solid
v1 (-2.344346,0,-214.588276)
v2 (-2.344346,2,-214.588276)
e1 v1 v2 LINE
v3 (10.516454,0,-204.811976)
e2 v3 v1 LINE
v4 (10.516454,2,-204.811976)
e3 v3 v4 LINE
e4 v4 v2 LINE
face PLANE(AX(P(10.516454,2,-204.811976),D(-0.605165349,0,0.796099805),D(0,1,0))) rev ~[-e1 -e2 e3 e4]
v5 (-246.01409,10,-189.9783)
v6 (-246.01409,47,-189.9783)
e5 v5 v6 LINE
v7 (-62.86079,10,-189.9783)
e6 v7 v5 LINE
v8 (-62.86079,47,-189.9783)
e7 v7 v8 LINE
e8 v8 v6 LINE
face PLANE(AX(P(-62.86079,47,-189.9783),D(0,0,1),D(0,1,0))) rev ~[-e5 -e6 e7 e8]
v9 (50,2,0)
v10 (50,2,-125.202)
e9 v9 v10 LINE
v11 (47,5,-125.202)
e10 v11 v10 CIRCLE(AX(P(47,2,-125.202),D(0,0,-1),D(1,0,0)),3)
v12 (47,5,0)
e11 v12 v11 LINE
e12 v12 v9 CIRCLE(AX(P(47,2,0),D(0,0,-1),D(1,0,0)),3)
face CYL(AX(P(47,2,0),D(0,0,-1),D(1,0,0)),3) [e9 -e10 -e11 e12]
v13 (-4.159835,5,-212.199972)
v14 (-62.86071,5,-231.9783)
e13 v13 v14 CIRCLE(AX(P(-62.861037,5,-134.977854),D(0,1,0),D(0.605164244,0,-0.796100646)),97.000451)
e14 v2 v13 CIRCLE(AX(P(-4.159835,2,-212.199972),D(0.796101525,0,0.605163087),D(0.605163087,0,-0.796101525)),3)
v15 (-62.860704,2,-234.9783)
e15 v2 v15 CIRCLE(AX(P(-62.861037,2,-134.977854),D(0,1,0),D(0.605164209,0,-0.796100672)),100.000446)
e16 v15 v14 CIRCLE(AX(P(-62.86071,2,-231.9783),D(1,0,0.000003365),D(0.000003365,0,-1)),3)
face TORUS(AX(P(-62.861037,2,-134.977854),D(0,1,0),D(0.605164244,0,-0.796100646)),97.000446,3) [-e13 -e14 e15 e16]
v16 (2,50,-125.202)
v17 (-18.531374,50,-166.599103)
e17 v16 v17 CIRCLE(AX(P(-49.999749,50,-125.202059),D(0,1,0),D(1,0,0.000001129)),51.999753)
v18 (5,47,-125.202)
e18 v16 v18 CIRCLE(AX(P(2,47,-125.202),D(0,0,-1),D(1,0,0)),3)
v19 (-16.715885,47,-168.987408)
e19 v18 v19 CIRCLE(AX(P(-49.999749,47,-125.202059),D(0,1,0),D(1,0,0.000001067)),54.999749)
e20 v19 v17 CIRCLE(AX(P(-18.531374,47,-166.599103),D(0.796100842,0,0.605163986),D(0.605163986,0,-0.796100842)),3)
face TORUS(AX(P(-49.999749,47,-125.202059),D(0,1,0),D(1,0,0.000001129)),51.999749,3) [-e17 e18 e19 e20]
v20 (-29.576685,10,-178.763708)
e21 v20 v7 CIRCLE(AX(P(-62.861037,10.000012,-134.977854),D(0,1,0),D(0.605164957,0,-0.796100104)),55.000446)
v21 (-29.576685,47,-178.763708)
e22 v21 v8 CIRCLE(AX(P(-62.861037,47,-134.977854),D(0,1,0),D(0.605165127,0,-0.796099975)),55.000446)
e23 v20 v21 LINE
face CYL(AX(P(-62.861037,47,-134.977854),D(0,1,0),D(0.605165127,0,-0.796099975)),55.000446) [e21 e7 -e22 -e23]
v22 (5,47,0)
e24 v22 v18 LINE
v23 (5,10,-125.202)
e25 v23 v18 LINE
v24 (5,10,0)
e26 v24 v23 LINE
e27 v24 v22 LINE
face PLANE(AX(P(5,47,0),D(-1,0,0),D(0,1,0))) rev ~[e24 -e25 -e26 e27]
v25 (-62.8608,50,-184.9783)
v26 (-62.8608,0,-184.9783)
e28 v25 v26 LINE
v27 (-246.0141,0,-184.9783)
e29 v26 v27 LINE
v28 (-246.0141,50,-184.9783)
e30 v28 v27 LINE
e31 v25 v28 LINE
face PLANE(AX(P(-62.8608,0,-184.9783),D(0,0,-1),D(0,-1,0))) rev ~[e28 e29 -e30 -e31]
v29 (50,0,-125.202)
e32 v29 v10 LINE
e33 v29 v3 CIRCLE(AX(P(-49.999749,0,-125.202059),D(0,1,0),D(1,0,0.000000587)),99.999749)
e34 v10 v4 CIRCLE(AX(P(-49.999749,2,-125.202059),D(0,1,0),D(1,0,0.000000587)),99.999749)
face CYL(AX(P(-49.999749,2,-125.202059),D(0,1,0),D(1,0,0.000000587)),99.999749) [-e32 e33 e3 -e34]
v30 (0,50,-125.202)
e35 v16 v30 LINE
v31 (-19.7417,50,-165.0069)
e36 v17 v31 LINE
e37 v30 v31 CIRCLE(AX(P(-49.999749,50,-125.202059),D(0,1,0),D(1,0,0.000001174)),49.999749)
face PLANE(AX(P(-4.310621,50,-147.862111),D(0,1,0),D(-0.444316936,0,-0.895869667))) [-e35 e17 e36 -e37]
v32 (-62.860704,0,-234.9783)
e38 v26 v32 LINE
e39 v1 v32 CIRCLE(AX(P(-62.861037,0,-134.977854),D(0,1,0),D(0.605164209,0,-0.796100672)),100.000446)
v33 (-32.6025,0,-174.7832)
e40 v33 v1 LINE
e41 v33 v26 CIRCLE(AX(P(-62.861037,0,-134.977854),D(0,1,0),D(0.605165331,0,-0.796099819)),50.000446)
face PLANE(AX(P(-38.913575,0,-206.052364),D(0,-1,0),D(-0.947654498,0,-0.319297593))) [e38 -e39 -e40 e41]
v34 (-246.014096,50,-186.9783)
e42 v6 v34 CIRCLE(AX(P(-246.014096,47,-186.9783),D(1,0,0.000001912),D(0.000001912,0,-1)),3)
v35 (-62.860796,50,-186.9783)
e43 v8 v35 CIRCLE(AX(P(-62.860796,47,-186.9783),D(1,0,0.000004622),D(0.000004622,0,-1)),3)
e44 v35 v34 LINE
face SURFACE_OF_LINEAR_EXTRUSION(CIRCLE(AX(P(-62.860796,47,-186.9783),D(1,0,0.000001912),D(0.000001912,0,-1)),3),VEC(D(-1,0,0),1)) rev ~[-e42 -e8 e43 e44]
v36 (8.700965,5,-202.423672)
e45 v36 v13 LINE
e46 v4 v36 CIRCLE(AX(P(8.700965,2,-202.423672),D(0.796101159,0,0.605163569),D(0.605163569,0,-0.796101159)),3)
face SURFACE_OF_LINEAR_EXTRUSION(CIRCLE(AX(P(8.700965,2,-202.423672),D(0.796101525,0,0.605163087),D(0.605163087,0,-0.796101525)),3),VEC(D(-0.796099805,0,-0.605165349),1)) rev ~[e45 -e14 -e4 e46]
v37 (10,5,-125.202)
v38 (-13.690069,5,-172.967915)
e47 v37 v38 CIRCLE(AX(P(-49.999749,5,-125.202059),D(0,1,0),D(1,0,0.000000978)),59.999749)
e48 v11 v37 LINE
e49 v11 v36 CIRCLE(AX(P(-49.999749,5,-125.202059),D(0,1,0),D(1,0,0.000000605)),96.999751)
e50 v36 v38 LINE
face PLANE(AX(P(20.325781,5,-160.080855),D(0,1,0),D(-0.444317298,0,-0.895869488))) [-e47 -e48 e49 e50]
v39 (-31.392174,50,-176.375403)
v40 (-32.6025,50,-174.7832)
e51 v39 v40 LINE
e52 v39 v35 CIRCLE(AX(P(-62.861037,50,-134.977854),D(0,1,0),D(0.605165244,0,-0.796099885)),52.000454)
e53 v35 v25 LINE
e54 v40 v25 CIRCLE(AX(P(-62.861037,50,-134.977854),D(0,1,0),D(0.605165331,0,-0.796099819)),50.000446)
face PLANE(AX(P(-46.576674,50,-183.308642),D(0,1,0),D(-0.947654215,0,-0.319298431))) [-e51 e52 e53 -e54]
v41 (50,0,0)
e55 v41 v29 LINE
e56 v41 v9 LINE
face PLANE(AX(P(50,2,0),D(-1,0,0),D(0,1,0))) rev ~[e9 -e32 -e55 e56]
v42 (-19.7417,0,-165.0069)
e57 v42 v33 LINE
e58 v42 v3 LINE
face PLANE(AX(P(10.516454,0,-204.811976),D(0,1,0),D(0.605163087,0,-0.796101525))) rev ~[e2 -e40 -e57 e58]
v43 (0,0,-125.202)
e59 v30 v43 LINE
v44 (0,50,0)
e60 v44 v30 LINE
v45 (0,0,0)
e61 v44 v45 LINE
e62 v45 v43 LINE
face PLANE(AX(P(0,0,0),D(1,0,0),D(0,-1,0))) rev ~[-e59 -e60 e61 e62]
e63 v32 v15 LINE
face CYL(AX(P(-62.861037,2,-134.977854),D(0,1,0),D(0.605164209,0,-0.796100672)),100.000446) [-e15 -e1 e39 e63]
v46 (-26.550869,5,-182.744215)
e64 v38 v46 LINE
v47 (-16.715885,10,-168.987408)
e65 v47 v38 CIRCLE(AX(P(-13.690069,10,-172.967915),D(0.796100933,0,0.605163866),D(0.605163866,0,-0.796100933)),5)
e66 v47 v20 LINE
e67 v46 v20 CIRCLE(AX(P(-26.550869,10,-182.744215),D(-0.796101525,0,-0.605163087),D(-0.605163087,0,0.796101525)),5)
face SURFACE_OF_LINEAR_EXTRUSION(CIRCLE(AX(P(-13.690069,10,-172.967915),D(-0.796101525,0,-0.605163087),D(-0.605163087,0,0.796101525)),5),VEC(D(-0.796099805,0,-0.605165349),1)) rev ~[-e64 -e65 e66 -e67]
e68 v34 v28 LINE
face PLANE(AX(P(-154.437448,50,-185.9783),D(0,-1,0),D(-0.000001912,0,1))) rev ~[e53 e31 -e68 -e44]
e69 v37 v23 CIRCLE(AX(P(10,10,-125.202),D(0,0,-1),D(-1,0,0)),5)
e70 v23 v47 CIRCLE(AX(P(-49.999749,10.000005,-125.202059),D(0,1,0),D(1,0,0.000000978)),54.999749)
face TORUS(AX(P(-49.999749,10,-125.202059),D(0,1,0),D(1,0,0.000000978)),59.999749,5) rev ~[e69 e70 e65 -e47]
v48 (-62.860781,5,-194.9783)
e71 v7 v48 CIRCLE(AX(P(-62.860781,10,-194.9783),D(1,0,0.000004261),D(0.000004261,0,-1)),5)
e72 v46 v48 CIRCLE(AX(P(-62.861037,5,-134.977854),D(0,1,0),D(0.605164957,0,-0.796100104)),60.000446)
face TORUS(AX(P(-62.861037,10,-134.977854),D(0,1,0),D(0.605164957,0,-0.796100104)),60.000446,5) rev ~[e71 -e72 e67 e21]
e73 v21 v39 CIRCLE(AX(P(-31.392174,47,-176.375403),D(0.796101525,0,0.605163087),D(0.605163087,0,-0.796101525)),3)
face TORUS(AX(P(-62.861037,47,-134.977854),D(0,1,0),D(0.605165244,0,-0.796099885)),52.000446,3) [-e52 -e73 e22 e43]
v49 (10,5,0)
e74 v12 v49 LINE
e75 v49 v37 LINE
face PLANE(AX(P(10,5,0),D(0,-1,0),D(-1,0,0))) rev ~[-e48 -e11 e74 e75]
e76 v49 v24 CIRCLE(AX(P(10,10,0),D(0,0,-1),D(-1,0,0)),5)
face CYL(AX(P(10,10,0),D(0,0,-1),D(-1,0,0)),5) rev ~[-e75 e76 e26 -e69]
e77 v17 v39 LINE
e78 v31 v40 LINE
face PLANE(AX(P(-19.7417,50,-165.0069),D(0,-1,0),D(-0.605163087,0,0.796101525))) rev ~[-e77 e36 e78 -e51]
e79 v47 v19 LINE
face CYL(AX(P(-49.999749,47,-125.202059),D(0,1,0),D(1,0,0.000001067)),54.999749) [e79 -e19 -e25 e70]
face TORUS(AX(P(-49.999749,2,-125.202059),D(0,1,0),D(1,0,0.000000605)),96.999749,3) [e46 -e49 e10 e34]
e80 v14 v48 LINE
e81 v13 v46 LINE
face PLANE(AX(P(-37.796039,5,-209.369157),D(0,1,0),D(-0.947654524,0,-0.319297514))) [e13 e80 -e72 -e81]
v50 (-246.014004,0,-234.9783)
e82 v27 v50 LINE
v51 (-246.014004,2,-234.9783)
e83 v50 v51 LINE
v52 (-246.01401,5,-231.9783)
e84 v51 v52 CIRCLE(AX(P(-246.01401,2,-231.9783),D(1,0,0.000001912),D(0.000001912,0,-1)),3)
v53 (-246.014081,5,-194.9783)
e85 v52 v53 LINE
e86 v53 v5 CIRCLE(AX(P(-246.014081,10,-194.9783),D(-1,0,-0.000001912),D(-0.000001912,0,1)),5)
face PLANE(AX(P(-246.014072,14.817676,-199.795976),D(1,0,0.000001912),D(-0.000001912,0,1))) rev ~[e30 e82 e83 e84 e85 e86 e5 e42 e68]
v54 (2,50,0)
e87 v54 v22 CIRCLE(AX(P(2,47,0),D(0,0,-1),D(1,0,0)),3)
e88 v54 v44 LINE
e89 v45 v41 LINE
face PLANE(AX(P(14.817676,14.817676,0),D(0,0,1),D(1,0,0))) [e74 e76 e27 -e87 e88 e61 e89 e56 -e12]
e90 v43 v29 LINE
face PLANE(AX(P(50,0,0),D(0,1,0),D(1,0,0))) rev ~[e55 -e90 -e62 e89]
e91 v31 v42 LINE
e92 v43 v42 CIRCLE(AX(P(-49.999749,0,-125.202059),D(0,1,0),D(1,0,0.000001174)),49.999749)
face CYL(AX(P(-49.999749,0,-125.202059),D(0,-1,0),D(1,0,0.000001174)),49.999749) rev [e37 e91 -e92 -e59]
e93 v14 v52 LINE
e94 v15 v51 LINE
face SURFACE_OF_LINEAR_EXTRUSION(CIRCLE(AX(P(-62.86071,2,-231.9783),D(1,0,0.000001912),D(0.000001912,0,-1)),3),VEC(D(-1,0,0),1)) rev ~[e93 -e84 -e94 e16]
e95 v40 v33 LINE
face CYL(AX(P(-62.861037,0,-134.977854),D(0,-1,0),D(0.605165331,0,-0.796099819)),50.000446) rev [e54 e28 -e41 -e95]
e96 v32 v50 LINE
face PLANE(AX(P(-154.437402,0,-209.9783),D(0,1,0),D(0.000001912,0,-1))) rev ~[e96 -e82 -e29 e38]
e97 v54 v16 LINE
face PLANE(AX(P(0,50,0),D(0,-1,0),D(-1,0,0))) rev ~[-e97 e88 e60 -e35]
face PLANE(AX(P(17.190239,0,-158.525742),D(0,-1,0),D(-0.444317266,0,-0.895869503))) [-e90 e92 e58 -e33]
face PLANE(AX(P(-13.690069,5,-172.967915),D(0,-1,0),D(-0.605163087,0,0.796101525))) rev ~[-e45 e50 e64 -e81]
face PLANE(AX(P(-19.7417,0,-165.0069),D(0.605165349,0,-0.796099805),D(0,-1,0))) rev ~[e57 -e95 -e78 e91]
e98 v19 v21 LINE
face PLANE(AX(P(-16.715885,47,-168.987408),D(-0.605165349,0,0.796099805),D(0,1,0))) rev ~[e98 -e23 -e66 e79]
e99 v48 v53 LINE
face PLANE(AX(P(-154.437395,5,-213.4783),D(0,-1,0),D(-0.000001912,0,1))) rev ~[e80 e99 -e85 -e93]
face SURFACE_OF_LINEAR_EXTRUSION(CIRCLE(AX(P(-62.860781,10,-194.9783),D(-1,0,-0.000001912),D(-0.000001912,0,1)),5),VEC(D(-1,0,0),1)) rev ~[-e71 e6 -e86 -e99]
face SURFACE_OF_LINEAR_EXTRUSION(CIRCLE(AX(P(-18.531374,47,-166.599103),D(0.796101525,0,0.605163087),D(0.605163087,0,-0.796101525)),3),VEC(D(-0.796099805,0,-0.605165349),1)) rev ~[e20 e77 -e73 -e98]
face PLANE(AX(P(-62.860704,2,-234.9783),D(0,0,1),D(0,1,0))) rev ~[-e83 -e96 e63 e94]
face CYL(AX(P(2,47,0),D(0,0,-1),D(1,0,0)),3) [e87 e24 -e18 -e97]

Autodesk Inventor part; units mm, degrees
ref_plane "YZ Plane" through (0, 0, 0) normal (1, 0, 0) x (0, 1, 0)
ref_plane "XZ Plane" through (0, 0, 0) normal (0, 1, 0) x (-1, 0, 0)
ref_plane "XY Plane" through (0, 0, 0) normal (0, 0, 1) x (1, 0, 0)
sketch "Эскиз1" plane through (0, 0, 0) normal (0, 0, 1) x (1, 0, 0)
  line L0 (0, 0) -> (0, 50)
  line L1 (0, 50) -> (2, 50)
  line L2 (5, 47) -> (5, 10)
  line L3 (10, 5) -> (47, 5)
  line L4 (50, 2) -> (50, 0)
  line L5 (50, 0) -> (0, 0)
  arc A0 (5, 47) -> (2, 50) centre (2, 47) ccw
  arc A1 (5, 10) -> (10, 5) centre (10, 10) ccw
  arc A2 (50, 2) -> (47, 5) centre (47, 2) ccw
  point P0 (5, 50)
  point P1 (5, 5)
  point P2 (50, 5)
  dimension "d6" = 50
  dimension "d7" = 5
  dimension "d8" = 45
  dimension "d9" = 45
  dimension "d10" = 3
  dimension "d11" = 5
  dimension "d12" = 3
sketch "Эскиз2" plane through (0, 0, 0) normal (0, 1, 0) x (-1, 0, 0)
  point P0 (0, 0)
sketch "Эскиз3" plane through (0, 0, 0) normal (0, 1, 0) x (-1, 0, 0)
  line L0 (0, 0) -> (0, -125.202)
  line L1 (19.7417, -165.0069) -> (32.6025, -174.7832)
  line L2 (62.8608, -184.9783) -> (246.0141, -184.9783)
  arc A0 (0, -125.202) -> (19.7417, -165.0069) centre (50, -125.202) ccw
  arc A1 (32.6025, -174.7832) -> (62.8608, -184.9783) centre (62.8608, -134.9783) ccw
  point P0 (0, -150)
  point P1 (46.0141, -184.9783)
  dimension "d13" = 150
  dimension "d14" = 200
  dimension "d15" = 50
sweep "Сдвиг1" add profiles "Эскиз1" path "Эскиз3"
properties part number "lab_4_3"
